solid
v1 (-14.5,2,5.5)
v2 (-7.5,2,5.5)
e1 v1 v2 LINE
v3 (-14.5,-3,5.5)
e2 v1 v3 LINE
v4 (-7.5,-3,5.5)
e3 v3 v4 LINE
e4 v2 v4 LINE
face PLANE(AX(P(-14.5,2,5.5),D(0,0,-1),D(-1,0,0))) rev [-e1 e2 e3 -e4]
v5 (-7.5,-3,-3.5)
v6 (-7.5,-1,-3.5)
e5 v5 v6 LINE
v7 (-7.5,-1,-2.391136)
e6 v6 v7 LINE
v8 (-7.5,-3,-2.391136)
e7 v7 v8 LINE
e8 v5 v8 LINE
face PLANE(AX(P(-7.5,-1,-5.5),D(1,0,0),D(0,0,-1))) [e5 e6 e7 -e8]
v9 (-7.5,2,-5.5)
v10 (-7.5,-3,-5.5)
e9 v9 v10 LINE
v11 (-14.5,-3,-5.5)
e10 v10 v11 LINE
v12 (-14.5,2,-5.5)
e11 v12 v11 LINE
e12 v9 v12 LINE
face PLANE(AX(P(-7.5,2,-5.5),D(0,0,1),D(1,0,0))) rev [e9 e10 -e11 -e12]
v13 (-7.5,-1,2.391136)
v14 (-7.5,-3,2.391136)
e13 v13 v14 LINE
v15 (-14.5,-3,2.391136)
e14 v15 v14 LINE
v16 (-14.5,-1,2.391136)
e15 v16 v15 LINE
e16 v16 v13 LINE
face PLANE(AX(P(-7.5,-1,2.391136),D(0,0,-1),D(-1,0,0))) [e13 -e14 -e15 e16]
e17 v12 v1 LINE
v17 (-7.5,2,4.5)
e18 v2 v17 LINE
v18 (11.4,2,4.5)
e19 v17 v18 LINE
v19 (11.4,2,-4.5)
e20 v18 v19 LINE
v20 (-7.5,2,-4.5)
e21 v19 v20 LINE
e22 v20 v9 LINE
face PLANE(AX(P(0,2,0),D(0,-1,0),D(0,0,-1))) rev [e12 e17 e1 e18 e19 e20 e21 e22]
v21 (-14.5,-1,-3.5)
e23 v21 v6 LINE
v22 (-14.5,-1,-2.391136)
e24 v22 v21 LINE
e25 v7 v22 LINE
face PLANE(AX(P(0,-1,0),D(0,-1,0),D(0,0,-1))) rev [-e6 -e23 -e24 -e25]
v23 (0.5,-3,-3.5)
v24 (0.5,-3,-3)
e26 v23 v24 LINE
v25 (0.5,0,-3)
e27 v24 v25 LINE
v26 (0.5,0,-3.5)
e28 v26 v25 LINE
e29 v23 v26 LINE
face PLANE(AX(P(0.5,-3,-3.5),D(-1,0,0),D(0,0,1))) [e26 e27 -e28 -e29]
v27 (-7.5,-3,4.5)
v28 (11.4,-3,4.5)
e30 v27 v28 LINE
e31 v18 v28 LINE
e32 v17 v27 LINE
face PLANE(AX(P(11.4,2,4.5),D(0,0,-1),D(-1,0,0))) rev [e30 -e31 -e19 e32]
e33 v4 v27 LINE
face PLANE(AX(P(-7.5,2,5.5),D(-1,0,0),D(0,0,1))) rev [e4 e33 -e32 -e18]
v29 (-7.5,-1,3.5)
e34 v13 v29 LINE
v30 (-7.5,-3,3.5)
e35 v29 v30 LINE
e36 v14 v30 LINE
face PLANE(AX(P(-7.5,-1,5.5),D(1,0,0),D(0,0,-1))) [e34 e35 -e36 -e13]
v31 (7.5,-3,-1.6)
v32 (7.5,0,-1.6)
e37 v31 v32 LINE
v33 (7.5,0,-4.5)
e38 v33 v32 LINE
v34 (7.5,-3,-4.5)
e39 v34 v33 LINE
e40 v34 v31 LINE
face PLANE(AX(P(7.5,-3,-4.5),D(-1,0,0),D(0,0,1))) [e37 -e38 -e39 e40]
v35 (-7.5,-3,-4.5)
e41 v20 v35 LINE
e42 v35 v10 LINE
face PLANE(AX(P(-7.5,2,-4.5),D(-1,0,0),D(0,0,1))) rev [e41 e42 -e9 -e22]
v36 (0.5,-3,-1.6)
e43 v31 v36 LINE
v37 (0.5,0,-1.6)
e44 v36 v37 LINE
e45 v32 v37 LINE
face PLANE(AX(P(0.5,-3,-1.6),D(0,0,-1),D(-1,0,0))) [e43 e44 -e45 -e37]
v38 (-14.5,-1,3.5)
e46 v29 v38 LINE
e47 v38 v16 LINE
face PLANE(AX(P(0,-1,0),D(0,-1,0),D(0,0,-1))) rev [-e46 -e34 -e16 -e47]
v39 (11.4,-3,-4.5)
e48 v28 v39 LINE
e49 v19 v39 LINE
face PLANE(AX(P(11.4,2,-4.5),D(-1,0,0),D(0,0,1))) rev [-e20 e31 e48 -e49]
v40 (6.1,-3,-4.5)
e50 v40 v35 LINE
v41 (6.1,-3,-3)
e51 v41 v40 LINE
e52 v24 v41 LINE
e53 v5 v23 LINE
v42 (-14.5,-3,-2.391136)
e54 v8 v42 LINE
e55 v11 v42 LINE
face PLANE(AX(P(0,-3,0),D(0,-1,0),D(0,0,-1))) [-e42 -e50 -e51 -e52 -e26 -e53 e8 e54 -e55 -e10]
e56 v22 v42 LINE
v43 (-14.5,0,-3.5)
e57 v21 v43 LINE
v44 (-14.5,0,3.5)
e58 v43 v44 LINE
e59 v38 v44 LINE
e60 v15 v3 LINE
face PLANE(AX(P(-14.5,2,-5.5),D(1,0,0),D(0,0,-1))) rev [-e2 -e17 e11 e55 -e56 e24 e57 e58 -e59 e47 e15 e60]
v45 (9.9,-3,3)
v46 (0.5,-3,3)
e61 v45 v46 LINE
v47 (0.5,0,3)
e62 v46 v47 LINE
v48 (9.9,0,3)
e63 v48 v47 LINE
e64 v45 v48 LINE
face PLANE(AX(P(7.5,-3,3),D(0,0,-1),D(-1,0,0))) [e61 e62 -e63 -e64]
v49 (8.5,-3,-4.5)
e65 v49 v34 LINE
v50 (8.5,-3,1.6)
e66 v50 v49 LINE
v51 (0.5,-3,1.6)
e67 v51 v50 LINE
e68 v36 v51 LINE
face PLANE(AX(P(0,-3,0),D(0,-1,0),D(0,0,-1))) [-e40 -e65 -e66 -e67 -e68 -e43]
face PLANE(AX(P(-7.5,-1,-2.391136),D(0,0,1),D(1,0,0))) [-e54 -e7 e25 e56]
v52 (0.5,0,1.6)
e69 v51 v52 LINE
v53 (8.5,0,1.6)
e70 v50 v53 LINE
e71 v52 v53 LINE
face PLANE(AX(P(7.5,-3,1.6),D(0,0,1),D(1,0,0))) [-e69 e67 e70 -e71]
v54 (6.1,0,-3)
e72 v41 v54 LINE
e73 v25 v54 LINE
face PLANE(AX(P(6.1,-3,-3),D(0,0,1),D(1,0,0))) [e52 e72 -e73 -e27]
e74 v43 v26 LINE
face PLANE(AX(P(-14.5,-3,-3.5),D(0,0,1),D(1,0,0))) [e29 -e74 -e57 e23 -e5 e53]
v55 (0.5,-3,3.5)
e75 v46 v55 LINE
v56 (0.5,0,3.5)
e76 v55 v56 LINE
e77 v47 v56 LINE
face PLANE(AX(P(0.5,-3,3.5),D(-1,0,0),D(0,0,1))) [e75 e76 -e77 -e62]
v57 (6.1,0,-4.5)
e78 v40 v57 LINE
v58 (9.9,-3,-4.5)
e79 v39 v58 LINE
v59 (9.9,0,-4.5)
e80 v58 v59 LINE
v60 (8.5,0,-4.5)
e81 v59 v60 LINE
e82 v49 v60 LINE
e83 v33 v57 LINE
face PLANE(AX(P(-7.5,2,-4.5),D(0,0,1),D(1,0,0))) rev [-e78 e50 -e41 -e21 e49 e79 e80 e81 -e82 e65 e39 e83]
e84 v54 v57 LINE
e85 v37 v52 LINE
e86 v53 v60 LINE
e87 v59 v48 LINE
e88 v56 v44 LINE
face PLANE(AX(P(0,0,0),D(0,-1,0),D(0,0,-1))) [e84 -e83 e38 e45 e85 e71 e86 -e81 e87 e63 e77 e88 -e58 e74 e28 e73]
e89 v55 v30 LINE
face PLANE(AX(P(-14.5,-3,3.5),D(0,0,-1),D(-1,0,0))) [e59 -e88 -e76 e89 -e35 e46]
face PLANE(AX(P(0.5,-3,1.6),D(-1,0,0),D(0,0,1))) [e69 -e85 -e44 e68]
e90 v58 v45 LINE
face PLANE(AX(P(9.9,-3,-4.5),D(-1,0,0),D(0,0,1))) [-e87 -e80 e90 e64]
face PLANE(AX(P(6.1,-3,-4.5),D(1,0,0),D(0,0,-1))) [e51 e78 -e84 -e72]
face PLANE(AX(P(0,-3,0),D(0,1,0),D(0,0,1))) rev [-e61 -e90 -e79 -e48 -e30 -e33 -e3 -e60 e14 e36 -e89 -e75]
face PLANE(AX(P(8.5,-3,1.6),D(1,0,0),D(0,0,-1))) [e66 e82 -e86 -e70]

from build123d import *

# Parameters (mm, degrees)
BOSS_EXTRUDE1_DEPTH = 2
BOSS_EXTRUDE2_DEPTH = 3
SKETCH3_W           = 7
SKETCH3_H           = 3.108863517
BOSS_EXTRUDE3_DEPTH = 2


with BuildPart() as part:
    # Sketch1 → Boss-Extrude1 (new body)
    with BuildSketch(Plane(origin=(0, 0, 0), x_dir=(1, 0, 0), z_dir=(0, 1, 0))):
        Polygon((-7.5, -4.5), (7.5, -4.5), (11.4, -4.5), (11.4, 4.5), (7.5, 4.5), (-7.5, 4.5), (-7.5, 5.5), (-14.5, 5.5), (-14.5, -5.5), (-7.5, -5.5), align=None)
    extrude(amount=BOSS_EXTRUDE1_DEPTH)

    # Sketch2 → Boss-Extrude2 (add)
    with BuildSketch(Plane(origin=(0, 0, 0), x_dir=(1, 0, 0), z_dir=(0, 1, 0))):
        Polygon((6.1, 4.5), (-7.5, 4.5), (-7.5, 5.5), (-14.5, 5.5), (-14.5, 3.5), (0.5, 3.5), (0.5, 3), (6.1, 3), align=None)
        Polygon((-7.5, -4.5), (-7.5, -5.5), (-14.5, -5.5), (-14.5, -3.5), (0.5, -3.5), (0.5, -3), (7.5, -3), (9.9, -3), (9.9, 4.5), (11.4, 4.5), (11.4, -4.5), (7.5, -4.5), align=None)
        Polygon((0.5, -1.6), (0.5, 1.6), (7.5, 1.6), (7.5, 4.5), (8.5, 4.5), (8.5, -1.6), (7.5, -1.6), align=None)
    extrude(amount=-BOSS_EXTRUDE2_DEPTH)

    # Sketch3 → Boss-Extrude3 (add)
    with BuildSketch(Plane.XZ.offset(3)):
        with Locations((-11, 3.945568242)):
            Rectangle(SKETCH3_W, SKETCH3_H)
        with Locations((-11, -3.945568242)):
            Rectangle(SKETCH3_W, SKETCH3_H)
    extrude(amount=-BOSS_EXTRUDE3_DEPTH)


solid = part.part
